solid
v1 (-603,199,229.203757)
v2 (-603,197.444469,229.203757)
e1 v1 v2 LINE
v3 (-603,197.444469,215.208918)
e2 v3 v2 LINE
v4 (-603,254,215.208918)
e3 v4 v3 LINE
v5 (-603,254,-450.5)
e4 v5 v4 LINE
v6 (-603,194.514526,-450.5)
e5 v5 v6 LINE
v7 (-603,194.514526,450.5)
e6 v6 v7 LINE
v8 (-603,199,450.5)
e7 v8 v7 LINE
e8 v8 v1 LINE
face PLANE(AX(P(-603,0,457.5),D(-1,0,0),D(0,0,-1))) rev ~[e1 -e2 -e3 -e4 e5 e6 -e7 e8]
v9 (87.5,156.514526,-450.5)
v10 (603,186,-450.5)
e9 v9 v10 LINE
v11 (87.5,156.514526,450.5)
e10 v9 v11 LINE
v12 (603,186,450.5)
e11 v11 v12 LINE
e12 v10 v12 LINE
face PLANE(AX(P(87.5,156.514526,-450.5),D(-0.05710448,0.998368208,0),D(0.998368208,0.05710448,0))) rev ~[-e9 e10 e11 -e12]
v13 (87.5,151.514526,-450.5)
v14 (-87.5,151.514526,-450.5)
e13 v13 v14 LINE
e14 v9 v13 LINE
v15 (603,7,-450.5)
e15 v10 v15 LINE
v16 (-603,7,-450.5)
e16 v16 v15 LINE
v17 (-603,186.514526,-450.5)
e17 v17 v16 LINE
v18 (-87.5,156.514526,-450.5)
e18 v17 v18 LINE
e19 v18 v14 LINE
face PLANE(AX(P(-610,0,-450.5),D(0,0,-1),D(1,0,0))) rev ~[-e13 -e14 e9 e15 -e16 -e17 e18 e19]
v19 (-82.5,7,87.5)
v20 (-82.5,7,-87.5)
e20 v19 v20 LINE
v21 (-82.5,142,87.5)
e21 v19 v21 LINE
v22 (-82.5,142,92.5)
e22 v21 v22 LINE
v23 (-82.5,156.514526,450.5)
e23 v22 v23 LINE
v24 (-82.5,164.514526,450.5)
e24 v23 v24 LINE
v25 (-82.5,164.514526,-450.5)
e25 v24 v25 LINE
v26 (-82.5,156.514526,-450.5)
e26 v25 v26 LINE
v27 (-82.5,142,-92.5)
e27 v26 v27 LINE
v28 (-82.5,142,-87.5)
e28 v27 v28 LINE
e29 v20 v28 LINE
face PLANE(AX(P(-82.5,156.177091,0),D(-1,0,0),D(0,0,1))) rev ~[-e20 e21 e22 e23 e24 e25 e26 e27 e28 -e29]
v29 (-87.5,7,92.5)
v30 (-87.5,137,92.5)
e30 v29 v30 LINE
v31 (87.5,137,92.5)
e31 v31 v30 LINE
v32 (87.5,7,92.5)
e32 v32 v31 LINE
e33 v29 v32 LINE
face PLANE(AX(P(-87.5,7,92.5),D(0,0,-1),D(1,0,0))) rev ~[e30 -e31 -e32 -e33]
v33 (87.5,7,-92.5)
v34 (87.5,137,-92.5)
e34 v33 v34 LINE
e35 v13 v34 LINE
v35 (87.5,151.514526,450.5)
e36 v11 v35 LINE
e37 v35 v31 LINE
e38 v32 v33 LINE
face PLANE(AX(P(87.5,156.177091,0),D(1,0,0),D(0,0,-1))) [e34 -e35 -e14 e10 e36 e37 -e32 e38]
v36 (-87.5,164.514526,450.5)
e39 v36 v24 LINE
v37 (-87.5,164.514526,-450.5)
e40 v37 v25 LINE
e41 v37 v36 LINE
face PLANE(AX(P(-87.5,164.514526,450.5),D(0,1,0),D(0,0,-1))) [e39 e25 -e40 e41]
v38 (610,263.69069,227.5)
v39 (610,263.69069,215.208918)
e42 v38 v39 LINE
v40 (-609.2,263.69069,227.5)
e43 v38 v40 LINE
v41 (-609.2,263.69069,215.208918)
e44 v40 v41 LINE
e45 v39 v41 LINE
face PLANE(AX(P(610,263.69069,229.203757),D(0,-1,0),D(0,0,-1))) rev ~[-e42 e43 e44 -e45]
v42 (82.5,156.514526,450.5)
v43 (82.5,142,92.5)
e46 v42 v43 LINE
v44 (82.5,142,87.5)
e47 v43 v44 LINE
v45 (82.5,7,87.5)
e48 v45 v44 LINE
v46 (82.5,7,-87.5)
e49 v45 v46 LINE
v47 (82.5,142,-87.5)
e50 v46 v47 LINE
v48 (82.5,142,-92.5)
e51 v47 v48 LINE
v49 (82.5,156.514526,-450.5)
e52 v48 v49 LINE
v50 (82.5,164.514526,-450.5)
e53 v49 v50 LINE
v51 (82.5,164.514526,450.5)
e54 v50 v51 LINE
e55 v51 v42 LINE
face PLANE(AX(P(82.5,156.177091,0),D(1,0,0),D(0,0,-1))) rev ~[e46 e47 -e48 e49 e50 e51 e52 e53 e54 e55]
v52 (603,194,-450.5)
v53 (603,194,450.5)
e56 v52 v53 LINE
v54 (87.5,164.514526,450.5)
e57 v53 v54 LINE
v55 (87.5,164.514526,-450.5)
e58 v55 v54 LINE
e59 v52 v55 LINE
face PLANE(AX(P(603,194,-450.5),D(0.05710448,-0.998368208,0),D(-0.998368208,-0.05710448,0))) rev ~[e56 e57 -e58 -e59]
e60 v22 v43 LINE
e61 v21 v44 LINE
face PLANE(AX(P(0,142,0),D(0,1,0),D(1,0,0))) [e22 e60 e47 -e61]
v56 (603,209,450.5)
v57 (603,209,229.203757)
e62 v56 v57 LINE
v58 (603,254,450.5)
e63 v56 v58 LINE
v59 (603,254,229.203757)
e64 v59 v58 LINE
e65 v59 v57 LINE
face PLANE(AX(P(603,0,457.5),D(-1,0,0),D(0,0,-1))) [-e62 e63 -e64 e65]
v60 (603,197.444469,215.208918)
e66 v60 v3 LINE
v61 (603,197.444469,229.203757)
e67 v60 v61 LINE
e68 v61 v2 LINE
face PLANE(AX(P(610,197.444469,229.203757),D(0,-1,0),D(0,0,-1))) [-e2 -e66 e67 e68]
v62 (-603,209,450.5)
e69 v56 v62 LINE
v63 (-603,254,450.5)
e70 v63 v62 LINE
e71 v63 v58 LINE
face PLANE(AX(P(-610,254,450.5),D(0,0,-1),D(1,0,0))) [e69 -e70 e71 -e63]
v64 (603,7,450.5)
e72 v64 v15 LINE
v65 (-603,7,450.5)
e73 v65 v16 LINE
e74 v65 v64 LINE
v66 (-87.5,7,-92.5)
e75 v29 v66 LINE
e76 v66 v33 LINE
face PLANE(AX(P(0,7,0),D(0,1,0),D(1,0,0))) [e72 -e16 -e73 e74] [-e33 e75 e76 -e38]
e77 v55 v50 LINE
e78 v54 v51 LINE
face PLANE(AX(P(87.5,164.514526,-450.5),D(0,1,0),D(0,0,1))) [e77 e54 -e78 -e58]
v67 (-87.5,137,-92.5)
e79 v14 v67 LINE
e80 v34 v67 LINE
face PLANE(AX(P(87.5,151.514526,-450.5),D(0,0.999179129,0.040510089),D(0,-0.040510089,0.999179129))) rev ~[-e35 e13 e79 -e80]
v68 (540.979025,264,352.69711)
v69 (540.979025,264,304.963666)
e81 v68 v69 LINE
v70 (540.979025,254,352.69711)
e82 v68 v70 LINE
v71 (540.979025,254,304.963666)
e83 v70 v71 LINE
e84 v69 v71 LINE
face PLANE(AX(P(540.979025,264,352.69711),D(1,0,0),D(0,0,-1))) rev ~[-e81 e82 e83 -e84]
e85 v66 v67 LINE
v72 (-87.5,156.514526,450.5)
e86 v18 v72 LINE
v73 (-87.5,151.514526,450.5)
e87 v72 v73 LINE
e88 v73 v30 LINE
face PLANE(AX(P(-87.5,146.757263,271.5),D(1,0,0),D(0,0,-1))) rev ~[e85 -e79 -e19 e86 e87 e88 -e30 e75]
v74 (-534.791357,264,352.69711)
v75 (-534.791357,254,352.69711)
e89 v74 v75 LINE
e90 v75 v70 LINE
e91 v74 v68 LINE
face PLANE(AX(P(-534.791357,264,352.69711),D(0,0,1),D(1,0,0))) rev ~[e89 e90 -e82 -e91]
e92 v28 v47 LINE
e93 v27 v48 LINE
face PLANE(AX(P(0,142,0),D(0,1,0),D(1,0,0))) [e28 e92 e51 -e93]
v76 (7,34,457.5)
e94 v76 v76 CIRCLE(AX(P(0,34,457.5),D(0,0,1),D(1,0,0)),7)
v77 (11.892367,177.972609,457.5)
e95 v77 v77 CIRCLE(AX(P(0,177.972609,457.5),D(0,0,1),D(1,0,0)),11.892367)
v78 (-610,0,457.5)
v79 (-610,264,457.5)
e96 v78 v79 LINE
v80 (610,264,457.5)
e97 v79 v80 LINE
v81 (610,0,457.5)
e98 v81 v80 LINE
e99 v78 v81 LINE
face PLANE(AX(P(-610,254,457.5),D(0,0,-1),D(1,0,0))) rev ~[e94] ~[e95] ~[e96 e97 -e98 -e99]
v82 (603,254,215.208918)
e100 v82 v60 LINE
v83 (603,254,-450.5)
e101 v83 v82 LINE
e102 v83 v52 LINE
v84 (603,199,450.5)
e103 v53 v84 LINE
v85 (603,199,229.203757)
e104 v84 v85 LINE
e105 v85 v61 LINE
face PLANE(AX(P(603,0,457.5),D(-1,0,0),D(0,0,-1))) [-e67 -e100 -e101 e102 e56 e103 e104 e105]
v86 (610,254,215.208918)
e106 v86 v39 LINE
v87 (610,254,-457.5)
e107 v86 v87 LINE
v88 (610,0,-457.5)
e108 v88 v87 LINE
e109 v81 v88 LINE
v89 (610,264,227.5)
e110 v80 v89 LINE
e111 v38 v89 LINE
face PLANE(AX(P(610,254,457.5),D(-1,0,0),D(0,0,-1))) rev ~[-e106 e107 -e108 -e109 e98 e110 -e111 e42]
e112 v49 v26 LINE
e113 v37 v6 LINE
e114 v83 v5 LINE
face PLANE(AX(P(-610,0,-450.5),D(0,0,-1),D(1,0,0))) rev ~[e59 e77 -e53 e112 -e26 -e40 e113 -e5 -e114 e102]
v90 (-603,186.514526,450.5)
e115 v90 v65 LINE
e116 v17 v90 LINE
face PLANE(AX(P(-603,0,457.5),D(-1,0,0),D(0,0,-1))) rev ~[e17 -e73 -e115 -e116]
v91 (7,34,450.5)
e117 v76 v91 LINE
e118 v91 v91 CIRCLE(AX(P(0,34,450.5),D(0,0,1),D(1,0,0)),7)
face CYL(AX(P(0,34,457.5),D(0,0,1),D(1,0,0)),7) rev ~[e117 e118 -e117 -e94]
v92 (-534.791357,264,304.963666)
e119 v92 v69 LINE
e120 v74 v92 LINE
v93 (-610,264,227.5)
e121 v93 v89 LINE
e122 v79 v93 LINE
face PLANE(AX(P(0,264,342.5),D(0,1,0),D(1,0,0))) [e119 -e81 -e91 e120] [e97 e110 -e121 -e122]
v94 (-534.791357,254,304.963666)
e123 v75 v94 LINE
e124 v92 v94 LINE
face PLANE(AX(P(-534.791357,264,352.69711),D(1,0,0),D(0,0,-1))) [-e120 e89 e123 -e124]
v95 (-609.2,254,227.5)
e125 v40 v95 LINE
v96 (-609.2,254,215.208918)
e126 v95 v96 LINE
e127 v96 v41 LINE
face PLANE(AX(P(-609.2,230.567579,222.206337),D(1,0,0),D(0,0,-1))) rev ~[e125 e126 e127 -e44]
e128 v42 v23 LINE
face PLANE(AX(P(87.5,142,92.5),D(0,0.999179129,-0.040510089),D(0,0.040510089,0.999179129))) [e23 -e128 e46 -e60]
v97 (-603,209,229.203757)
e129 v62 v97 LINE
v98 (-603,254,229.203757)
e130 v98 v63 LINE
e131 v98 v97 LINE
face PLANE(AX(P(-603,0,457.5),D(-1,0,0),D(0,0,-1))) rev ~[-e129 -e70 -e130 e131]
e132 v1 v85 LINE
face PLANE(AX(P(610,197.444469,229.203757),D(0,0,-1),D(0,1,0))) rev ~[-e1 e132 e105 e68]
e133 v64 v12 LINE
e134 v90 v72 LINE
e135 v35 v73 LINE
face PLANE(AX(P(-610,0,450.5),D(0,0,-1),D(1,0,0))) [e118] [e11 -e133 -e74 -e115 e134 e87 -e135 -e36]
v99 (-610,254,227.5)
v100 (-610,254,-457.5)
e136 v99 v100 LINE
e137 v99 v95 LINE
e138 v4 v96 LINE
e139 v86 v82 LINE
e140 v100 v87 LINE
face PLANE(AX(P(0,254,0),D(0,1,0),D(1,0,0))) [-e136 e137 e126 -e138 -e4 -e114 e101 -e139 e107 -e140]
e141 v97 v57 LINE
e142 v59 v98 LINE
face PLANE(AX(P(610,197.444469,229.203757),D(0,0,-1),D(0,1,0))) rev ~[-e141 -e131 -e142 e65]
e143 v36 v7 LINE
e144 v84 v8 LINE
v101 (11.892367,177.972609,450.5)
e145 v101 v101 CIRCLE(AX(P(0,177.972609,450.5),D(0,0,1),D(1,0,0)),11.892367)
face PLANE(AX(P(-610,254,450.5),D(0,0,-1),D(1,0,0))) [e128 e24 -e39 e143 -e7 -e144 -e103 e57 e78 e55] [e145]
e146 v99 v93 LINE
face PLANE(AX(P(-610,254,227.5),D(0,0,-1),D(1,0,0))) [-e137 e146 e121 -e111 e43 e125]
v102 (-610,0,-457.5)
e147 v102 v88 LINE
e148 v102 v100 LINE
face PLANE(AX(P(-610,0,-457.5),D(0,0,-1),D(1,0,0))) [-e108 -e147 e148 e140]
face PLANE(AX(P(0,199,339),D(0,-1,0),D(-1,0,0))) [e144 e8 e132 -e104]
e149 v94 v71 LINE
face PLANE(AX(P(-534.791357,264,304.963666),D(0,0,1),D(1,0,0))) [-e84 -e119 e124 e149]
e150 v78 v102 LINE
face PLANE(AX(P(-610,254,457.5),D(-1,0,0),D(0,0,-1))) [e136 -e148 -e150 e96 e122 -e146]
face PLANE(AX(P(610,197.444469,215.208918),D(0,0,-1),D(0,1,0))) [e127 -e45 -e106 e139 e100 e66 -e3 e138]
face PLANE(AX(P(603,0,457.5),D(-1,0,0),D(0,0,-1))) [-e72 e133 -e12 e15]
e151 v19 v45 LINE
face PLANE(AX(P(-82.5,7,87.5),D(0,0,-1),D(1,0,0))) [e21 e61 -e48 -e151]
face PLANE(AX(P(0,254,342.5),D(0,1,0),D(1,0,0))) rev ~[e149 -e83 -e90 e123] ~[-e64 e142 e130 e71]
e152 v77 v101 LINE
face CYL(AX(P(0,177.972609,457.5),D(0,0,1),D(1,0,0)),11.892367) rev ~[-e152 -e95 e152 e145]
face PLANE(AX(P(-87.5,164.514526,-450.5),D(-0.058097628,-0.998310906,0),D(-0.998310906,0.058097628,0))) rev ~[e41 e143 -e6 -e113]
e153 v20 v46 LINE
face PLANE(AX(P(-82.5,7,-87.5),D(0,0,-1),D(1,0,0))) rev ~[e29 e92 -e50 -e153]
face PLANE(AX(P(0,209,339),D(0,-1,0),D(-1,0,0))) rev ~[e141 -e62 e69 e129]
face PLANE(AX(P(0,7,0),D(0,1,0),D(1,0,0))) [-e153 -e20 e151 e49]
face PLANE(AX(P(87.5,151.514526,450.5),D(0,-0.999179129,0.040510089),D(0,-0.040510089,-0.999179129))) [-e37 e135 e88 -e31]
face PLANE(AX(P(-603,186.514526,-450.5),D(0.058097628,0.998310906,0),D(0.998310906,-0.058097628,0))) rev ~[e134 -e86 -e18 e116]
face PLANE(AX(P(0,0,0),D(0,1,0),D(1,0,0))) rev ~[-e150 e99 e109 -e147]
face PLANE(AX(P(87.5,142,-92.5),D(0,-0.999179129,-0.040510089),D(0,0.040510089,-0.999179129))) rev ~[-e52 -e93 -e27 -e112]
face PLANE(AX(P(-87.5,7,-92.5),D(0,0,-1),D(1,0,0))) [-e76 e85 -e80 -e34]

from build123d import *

# Parameters (mm, degrees)
SKETCH1_W            = 1220
SKETCH1_H            = 915
BOSS_EXTRUDE1_DEPTH  = 254
SHELL1_T             = -7
BOSS_EXTRUDE2_DEPTH  = 901
SKETCH3_W            = 175
SKETCH3_H            = 185
SKETCH3_W_2          = 165
SKETCH3_H_2          = 175
BOSS_EXTRUDE3_DEPTH  = 135
BOSS_EXTRUDE4_DEPTH  = 175
BOSS_EXTRUDE5_DEPTH  = 5
BOSS_EXTRUDE6_DEPTH  = 5
SKETCH7_W            = 1220
SKETCH7_H            = 7
BOSS_EXTRUDE7_DEPTH  = 320
SKETCH8_W            = 1348.114973262
SKETCH8_H            = 350.584679525
CUT_EXTRUDE1_DEPTH   = 8
SKETCH9_R            = 7
CUT_EXTRUDE2_DEPTH   = 10
SKETCH10_W           = 1220
SKETCH10_H           = 230
BOSS_EXTRUDE8_DEPTH  = 10
SKETCH12_W           = 1206
SKETCH12_H           = 223
BOSS_EXTRUDE10_DEPTH = 10
SKETCH14_W           = 13.994838931
SKETCH14_H           = 66.246220617
BOSS_EXTRUDE13_DEPTH = 1219.2
SKETCH15_W           = 1075.77038164
SKETCH15_H           = 47.733443392
CUT_EXTRUDE3_DEPTH   = 10
SKETCH16_R           = 11.892366701
CUT_EXTRUDE4_DEPTH   = 10


with BuildPart() as part:
    # Sketch1 → Boss-Extrude1 (new body)
    with BuildSketch(Plane(origin=(0, 0, 0), x_dir=(1, 0, 0), z_dir=(0, 1, 0))):
        Rectangle(SKETCH1_W, SKETCH1_H)
    extrude(amount=BOSS_EXTRUDE1_DEPTH)

    # Shell1
    shell1_openings = [part.faces().sort_by_distance(p)[0] for p in [
        (0, 254, 0),
    ]]
    offset(amount=SHELL1_T, openings=shell1_openings, kind=Kind.INTERSECTION)

    # Sketch2 → Boss-Extrude2 (add)
    with BuildSketch(Plane.XY.offset(-450.5)):
        Polygon((-87.5, 164.514526371), (-603, 194.514526371), (-603, 186.514526371), (-87.5, 156.514526371), align=None)
        Polygon((603, 194), (87.5, 164.514526371), (87.5, 156.514526371), (603, 186), align=None)
    extrude(amount=BOSS_EXTRUDE2_DEPTH)

    # Sketch3 → Boss-Extrude3 (add)
    with BuildSketch(Plane(origin=(0, 7, 0), x_dir=(1, 0, 0), z_dir=(0, 1, 0))):
        Rectangle(SKETCH3_W, SKETCH3_H)
        Rectangle(SKETCH3_W_2, SKETCH3_H_2, mode=Mode.SUBTRACT)
    extrude(amount=BOSS_EXTRUDE3_DEPTH)

    # Sketch4 → Boss-Extrude4 (add)
    with BuildSketch(Plane.ZY.offset(-87.5)):
        Polygon((92.5, 142), (450.5, 156.514526371), (450.5, 151.514526371), (92.5, 137), align=None)
        Polygon((-92.5, 142), (-450.5, 156.514526371), (-450.5, 151.514526371), (-92.5, 137), align=None)
    extrude(amount=BOSS_EXTRUDE4_DEPTH)

    # Sketch5 → Boss-Extrude5 (add)
    with BuildSketch(Plane(origin=(-87.5, 0, 0), x_dir=(0, 0, -1), z_dir=(1, 0, 0))):
        Polygon((450.5, 164.514526371), (450.5, 156.514526371), (92.5, 142), (-92.5, 142), (-450.5, 156.514526371), (-450.5, 164.514526371), align=None)
    extrude(amount=BOSS_EXTRUDE5_DEPTH)

    # Sketch6 → Boss-Extrude6 (add)
    with BuildSketch(Plane.ZY.offset(-87.5)):
        Polygon((450.5, 164.514526371), (450.5, 156.514526371), (92.5, 142), (-92.5, 142), (-450.5, 156.514526371), (-450.5, 164.514526371), align=None)
    extrude(amount=BOSS_EXTRUDE6_DEPTH)

    # Sketch7 → Boss-Extrude7 (add)
    with BuildSketch(Plane(origin=(0, 254, 0), x_dir=(1, 0, 0), z_dir=(0, 1, 0))):
        with Locations((0, -454)):
            Rectangle(SKETCH7_W, SKETCH7_H)
    extrude(amount=BOSS_EXTRUDE7_DEPTH)

    # Sketch8 → Cut-Extrude1 (cut, through all)
    with BuildSketch(Plane(origin=(0, 0, 450.5), x_dir=(-1, 0, 0), z_dir=(0, 0, -1))):
        with Locations((-20.633408071, 430.569613213)):
            Rectangle(SKETCH8_W, SKETCH8_H)
    extrude(amount=-CUT_EXTRUDE1_DEPTH, mode=Mode.SUBTRACT)

    # Sketch9 → Cut-Extrude2 (cut)
    with BuildSketch(Plane.XY.offset(457.5)):
        with Locations((0, 34)):
            Circle(SKETCH9_R)
    extrude(amount=-CUT_EXTRUDE2_DEPTH, mode=Mode.SUBTRACT)

    # Sketch10 → Boss-Extrude8 (add)
    with BuildSketch(Plane(origin=(0, 254, 0), x_dir=(1, 0, 0), z_dir=(0, 1, 0))):
        with Locations((0, -342.5)):
            Rectangle(SKETCH10_W, SKETCH10_H)
    extrude(amount=BOSS_EXTRUDE8_DEPTH)

    # Sketch12 → Boss-Extrude10 (add)
    with BuildSketch(Plane(origin=(0, 199, 0), x_dir=(-1, 0, 0), z_dir=(0, -1, 0))):
        with Locations((0, -339)):
            Rectangle(SKETCH12_W, SKETCH12_H)
    extrude(amount=-BOSS_EXTRUDE10_DEPTH)

    # Sketch14 → Boss-Extrude13 (add)
    with BuildSketch(Plane(origin=(610, 0, 0), x_dir=(0, 0, -1), z_dir=(1, 0, 0))):
        with Locations((-222.206337189, 230.567579207)):
            Rectangle(SKETCH14_W, SKETCH14_H)
    extrude(amount=-BOSS_EXTRUDE13_DEPTH)

    # Sketch15 → Cut-Extrude3 (cut)
    with BuildSketch(Plane(origin=(0, 264, 0), x_dir=(1, 0, 0), z_dir=(0, 1, 0))):
        with Locations((3.093834294, -328.830387814)):
            Rectangle(SKETCH15_W, SKETCH15_H)
    extrude(amount=-CUT_EXTRUDE3_DEPTH, mode=Mode.SUBTRACT)

    # Sketch16 → Cut-Extrude4 (cut)
    with BuildSketch(Plane.XY.offset(457.5)):
        with Locations((0, 177.972608665)):
            Circle(SKETCH16_R)
    extrude(amount=-CUT_EXTRUDE4_DEPTH, mode=Mode.SUBTRACT)


solid = part.part
